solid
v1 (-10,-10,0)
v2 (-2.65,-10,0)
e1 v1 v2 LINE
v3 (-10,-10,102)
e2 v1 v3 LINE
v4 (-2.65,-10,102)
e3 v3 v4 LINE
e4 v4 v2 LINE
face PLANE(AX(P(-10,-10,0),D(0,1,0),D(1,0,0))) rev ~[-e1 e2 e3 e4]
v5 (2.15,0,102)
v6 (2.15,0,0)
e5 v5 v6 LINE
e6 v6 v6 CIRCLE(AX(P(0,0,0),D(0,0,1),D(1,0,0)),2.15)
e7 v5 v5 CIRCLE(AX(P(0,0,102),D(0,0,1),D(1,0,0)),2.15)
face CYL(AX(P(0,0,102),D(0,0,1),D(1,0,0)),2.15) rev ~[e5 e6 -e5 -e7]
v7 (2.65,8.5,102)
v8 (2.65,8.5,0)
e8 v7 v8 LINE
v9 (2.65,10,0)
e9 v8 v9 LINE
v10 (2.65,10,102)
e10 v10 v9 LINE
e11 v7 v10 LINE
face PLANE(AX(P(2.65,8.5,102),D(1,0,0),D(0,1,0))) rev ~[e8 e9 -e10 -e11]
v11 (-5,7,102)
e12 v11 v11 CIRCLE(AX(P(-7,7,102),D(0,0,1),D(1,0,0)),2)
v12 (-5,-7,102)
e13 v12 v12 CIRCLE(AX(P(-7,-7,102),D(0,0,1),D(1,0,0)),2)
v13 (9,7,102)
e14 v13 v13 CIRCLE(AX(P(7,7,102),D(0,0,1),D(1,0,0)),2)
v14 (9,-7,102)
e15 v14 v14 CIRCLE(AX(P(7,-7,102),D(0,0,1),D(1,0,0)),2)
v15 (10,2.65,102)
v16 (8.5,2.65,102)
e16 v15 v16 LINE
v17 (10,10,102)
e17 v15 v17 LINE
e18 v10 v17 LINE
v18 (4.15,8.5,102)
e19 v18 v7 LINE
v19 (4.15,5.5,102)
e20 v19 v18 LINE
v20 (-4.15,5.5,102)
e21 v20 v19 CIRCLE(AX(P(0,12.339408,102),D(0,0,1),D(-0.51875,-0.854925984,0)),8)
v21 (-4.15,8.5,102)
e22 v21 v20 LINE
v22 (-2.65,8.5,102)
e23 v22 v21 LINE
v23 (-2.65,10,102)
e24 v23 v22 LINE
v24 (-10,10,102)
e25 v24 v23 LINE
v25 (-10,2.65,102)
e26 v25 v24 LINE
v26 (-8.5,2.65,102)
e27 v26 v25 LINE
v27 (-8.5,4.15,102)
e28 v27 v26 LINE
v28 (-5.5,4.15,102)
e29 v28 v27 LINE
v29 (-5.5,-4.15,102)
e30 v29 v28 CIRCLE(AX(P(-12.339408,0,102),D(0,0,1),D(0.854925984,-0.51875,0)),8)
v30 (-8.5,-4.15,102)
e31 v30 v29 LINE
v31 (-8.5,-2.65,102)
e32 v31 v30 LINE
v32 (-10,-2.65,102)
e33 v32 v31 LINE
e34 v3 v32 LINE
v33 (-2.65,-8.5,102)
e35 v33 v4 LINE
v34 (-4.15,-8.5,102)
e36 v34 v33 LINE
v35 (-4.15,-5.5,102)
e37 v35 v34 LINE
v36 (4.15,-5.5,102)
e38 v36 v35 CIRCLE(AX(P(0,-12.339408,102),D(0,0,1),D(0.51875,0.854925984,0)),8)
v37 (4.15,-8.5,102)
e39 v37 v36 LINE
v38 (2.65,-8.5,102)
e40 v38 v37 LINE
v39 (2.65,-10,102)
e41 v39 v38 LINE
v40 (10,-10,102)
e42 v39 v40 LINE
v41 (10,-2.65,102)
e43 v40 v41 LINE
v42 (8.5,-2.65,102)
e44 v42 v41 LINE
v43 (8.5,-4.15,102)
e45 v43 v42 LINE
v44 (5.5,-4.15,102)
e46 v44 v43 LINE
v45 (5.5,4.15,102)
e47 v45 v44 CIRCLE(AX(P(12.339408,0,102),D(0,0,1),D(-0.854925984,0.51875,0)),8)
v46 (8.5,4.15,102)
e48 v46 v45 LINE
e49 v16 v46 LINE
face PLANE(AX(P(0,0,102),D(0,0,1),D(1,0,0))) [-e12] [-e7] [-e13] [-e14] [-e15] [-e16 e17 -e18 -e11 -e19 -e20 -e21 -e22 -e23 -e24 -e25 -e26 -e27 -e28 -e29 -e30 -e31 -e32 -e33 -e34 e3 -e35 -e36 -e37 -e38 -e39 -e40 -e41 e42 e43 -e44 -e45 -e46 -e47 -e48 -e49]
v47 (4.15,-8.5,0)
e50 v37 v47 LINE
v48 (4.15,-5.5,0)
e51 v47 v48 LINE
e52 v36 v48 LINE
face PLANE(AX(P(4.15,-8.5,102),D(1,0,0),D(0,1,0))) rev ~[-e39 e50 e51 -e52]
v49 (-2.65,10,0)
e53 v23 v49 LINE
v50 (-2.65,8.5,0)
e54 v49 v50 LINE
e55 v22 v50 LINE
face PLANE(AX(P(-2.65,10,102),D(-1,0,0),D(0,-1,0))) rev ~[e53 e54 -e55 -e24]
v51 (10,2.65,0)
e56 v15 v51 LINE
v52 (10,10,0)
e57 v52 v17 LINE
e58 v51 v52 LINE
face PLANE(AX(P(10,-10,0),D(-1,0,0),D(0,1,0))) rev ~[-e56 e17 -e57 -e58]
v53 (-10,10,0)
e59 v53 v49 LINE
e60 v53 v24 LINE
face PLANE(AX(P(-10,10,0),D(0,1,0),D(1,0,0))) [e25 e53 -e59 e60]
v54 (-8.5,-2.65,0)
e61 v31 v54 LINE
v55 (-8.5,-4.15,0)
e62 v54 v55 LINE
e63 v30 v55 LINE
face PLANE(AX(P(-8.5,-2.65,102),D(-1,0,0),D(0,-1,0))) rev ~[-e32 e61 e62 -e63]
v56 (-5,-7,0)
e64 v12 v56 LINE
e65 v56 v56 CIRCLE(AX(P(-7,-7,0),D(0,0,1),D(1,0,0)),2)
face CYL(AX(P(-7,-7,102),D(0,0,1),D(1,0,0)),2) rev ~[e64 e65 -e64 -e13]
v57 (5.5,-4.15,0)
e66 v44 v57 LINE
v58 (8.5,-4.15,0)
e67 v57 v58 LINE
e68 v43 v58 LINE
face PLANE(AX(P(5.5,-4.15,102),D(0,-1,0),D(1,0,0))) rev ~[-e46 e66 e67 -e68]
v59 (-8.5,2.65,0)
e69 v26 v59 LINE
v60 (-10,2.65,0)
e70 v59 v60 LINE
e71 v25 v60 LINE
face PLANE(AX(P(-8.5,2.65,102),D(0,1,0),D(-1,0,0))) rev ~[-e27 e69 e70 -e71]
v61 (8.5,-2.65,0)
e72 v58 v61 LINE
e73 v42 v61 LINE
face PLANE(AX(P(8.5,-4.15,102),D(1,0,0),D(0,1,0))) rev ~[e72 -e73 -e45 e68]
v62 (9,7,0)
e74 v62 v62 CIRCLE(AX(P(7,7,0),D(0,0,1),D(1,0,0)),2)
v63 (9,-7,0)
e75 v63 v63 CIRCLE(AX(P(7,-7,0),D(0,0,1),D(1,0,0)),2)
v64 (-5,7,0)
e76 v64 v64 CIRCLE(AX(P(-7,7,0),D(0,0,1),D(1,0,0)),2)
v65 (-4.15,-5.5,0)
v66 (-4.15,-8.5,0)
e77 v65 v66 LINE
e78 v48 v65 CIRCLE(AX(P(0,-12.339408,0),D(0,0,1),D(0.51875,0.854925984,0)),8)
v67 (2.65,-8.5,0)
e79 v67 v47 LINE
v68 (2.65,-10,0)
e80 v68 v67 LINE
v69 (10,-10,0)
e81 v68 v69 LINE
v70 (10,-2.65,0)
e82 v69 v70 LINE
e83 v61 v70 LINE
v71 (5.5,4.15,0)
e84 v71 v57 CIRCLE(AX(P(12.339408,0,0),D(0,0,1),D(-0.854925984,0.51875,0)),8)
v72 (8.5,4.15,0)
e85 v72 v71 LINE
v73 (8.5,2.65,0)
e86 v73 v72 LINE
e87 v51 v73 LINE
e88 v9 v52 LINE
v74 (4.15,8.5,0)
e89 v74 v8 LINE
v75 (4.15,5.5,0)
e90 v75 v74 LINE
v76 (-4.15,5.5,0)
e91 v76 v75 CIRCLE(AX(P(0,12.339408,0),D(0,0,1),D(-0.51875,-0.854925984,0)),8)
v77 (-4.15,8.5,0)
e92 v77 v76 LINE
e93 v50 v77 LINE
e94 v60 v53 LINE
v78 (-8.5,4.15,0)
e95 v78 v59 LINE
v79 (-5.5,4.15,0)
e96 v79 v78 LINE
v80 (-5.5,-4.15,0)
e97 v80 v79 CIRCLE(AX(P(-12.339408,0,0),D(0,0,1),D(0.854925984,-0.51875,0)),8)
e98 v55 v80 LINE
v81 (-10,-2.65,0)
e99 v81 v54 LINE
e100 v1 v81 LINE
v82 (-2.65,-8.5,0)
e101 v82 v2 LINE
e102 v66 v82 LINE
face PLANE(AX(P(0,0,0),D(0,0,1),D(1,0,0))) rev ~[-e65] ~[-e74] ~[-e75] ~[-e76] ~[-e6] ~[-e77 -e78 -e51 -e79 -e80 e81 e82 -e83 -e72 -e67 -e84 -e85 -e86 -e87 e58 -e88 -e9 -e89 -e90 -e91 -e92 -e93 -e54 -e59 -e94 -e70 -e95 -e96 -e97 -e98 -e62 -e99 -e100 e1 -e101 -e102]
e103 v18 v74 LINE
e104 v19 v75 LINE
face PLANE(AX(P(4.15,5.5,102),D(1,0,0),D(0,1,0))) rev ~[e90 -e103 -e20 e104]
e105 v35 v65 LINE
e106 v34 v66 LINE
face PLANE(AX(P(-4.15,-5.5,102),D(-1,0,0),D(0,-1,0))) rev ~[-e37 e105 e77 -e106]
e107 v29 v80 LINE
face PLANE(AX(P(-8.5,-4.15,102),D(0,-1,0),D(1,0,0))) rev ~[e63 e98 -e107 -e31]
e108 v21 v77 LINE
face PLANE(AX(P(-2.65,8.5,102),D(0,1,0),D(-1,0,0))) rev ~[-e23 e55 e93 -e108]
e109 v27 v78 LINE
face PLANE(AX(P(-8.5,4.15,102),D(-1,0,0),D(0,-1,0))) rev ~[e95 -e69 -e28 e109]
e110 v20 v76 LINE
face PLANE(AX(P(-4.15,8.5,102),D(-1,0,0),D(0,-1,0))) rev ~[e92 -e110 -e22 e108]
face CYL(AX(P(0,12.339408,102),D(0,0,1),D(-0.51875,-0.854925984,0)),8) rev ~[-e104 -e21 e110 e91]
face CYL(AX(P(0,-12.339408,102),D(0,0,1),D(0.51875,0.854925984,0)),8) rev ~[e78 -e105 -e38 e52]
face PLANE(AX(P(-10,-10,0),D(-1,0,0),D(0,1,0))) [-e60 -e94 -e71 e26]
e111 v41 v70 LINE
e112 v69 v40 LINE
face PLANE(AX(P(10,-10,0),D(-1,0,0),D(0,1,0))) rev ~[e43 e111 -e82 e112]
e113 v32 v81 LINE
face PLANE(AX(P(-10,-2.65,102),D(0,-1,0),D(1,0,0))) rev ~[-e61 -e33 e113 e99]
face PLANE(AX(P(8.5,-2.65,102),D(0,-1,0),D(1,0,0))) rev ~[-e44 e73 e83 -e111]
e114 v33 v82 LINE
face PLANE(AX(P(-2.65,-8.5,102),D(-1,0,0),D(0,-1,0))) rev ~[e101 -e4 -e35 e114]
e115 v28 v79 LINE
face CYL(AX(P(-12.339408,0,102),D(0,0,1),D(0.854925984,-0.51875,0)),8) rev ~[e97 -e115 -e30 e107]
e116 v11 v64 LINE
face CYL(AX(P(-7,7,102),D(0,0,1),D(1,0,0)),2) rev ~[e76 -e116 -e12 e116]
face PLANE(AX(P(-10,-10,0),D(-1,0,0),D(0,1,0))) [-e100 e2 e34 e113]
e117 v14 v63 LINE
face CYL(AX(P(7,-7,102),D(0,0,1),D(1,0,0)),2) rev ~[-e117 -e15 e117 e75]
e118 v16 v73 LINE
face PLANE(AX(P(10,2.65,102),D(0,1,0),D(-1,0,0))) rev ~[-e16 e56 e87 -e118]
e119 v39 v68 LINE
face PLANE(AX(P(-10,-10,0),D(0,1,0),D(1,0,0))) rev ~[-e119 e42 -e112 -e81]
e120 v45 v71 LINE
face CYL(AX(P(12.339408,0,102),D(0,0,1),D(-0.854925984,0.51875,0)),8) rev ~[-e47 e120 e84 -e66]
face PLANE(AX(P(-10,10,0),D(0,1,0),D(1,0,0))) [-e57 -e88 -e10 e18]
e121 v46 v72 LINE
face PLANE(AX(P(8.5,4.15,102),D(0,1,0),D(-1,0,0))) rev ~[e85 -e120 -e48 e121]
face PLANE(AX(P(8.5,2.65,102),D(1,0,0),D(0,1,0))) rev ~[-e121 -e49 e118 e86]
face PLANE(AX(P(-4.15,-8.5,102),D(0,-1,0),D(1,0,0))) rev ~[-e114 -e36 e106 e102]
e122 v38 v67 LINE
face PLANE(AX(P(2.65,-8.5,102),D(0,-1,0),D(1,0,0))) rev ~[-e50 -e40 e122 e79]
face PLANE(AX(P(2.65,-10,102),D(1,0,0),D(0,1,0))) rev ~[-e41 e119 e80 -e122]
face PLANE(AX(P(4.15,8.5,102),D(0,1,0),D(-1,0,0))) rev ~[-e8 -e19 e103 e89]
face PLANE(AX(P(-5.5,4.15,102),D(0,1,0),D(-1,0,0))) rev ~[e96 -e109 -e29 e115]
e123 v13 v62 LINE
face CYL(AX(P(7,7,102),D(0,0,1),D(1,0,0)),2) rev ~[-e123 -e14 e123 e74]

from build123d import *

# Parameters (mm, degrees)
SKETCH_1_W          = 20
SKETCH_1_H          = 20
EXTRUDE_1_DEPTH     = 102
SKETCH_2_R          = 2.15
SKETCH_2_R_2        = 2
CUT_EXTRUDE_1_DEPTH = 300


with BuildPart() as part:
    # 스케치1 → 보스-돌출1 (new body)
    with BuildSketch(Plane.XY):
        Rectangle(SKETCH_1_W, SKETCH_1_H)
    extrude(amount=EXTRUDE_1_DEPTH)

    # 스케치2 → 컷-돌출1 (cut)
    with BuildSketch(Plane.XY.offset(102)):
        Circle(SKETCH_2_R)
        with Locations((-7, 7)):
            Circle(SKETCH_2_R_2)
        with Locations((7, 7)):
            Circle(SKETCH_2_R_2)
        with Locations((7, -7)):
            Circle(SKETCH_2_R_2)
        with Locations((-7, -7)):
            Circle(SKETCH_2_R_2)
        with BuildLine():
            Line((-2.65, 10), (-2.65, 8.5))
            Line((-2.65, 8.5), (-4.15, 8.5))
            Line((-4.15, 8.5), (-4.15, 5.5))
            ThreePointArc((-4.15, 5.5), (0, 4.339407869), (4.15, 5.5))
            Line((4.15, 5.5), (4.15, 8.5))
            Line((4.15, 8.5), (2.65, 8.5))
            Line((2.65, 8.5), (2.65, 10))
            Line((2.65, 10), (-2.65, 10))
        make_face()
        with BuildLine():
            Line((10, 2.65), (8.5, 2.65))
            Line((8.5, 2.65), (8.5, 4.15))
            Line((8.5, 4.15), (5.5, 4.15))
            ThreePointArc((5.5, 4.15), (4.339407869, 0), (5.5, -4.15))
            Line((5.5, -4.15), (8.5, -4.15))
            Line((8.5, -4.15), (8.5, -2.65))
            Line((8.5, -2.65), (10, -2.65))
            Line((10, -2.65), (10, 2.65))
        make_face()
        with BuildLine():
            Line((2.65, -10), (2.65, -8.5))
            Line((2.65, -8.5), (4.15, -8.5))
            Line((4.15, -8.5), (4.15, -5.5))
            ThreePointArc((4.15, -5.5), (0, -4.339407869), (-4.15, -5.5))
            Line((-4.15, -5.5), (-4.15, -8.5))
            Line((-4.15, -8.5), (-2.65, -8.5))
            Line((-2.65, -8.5), (-2.65, -10))
            Line((-2.65, -10), (2.65, -10))
        make_face()
        with BuildLine():
            Line((-10, -2.65), (-8.5, -2.65))
            Line((-8.5, -2.65), (-8.5, -4.15))
            Line((-8.5, -4.15), (-5.5, -4.15))
            ThreePointArc((-5.5, -4.15), (-4.339407869, 0), (-5.5, 4.15))
            Line((-5.5, 4.15), (-8.5, 4.15))
            Line((-8.5, 4.15), (-8.5, 2.65))
            Line((-8.5, 2.65), (-10, 2.65))
            Line((-10, 2.65), (-10, -2.65))
        make_face()
    extrude(amount=-CUT_EXTRUDE_1_DEPTH, mode=Mode.SUBTRACT)


solid = part.part
